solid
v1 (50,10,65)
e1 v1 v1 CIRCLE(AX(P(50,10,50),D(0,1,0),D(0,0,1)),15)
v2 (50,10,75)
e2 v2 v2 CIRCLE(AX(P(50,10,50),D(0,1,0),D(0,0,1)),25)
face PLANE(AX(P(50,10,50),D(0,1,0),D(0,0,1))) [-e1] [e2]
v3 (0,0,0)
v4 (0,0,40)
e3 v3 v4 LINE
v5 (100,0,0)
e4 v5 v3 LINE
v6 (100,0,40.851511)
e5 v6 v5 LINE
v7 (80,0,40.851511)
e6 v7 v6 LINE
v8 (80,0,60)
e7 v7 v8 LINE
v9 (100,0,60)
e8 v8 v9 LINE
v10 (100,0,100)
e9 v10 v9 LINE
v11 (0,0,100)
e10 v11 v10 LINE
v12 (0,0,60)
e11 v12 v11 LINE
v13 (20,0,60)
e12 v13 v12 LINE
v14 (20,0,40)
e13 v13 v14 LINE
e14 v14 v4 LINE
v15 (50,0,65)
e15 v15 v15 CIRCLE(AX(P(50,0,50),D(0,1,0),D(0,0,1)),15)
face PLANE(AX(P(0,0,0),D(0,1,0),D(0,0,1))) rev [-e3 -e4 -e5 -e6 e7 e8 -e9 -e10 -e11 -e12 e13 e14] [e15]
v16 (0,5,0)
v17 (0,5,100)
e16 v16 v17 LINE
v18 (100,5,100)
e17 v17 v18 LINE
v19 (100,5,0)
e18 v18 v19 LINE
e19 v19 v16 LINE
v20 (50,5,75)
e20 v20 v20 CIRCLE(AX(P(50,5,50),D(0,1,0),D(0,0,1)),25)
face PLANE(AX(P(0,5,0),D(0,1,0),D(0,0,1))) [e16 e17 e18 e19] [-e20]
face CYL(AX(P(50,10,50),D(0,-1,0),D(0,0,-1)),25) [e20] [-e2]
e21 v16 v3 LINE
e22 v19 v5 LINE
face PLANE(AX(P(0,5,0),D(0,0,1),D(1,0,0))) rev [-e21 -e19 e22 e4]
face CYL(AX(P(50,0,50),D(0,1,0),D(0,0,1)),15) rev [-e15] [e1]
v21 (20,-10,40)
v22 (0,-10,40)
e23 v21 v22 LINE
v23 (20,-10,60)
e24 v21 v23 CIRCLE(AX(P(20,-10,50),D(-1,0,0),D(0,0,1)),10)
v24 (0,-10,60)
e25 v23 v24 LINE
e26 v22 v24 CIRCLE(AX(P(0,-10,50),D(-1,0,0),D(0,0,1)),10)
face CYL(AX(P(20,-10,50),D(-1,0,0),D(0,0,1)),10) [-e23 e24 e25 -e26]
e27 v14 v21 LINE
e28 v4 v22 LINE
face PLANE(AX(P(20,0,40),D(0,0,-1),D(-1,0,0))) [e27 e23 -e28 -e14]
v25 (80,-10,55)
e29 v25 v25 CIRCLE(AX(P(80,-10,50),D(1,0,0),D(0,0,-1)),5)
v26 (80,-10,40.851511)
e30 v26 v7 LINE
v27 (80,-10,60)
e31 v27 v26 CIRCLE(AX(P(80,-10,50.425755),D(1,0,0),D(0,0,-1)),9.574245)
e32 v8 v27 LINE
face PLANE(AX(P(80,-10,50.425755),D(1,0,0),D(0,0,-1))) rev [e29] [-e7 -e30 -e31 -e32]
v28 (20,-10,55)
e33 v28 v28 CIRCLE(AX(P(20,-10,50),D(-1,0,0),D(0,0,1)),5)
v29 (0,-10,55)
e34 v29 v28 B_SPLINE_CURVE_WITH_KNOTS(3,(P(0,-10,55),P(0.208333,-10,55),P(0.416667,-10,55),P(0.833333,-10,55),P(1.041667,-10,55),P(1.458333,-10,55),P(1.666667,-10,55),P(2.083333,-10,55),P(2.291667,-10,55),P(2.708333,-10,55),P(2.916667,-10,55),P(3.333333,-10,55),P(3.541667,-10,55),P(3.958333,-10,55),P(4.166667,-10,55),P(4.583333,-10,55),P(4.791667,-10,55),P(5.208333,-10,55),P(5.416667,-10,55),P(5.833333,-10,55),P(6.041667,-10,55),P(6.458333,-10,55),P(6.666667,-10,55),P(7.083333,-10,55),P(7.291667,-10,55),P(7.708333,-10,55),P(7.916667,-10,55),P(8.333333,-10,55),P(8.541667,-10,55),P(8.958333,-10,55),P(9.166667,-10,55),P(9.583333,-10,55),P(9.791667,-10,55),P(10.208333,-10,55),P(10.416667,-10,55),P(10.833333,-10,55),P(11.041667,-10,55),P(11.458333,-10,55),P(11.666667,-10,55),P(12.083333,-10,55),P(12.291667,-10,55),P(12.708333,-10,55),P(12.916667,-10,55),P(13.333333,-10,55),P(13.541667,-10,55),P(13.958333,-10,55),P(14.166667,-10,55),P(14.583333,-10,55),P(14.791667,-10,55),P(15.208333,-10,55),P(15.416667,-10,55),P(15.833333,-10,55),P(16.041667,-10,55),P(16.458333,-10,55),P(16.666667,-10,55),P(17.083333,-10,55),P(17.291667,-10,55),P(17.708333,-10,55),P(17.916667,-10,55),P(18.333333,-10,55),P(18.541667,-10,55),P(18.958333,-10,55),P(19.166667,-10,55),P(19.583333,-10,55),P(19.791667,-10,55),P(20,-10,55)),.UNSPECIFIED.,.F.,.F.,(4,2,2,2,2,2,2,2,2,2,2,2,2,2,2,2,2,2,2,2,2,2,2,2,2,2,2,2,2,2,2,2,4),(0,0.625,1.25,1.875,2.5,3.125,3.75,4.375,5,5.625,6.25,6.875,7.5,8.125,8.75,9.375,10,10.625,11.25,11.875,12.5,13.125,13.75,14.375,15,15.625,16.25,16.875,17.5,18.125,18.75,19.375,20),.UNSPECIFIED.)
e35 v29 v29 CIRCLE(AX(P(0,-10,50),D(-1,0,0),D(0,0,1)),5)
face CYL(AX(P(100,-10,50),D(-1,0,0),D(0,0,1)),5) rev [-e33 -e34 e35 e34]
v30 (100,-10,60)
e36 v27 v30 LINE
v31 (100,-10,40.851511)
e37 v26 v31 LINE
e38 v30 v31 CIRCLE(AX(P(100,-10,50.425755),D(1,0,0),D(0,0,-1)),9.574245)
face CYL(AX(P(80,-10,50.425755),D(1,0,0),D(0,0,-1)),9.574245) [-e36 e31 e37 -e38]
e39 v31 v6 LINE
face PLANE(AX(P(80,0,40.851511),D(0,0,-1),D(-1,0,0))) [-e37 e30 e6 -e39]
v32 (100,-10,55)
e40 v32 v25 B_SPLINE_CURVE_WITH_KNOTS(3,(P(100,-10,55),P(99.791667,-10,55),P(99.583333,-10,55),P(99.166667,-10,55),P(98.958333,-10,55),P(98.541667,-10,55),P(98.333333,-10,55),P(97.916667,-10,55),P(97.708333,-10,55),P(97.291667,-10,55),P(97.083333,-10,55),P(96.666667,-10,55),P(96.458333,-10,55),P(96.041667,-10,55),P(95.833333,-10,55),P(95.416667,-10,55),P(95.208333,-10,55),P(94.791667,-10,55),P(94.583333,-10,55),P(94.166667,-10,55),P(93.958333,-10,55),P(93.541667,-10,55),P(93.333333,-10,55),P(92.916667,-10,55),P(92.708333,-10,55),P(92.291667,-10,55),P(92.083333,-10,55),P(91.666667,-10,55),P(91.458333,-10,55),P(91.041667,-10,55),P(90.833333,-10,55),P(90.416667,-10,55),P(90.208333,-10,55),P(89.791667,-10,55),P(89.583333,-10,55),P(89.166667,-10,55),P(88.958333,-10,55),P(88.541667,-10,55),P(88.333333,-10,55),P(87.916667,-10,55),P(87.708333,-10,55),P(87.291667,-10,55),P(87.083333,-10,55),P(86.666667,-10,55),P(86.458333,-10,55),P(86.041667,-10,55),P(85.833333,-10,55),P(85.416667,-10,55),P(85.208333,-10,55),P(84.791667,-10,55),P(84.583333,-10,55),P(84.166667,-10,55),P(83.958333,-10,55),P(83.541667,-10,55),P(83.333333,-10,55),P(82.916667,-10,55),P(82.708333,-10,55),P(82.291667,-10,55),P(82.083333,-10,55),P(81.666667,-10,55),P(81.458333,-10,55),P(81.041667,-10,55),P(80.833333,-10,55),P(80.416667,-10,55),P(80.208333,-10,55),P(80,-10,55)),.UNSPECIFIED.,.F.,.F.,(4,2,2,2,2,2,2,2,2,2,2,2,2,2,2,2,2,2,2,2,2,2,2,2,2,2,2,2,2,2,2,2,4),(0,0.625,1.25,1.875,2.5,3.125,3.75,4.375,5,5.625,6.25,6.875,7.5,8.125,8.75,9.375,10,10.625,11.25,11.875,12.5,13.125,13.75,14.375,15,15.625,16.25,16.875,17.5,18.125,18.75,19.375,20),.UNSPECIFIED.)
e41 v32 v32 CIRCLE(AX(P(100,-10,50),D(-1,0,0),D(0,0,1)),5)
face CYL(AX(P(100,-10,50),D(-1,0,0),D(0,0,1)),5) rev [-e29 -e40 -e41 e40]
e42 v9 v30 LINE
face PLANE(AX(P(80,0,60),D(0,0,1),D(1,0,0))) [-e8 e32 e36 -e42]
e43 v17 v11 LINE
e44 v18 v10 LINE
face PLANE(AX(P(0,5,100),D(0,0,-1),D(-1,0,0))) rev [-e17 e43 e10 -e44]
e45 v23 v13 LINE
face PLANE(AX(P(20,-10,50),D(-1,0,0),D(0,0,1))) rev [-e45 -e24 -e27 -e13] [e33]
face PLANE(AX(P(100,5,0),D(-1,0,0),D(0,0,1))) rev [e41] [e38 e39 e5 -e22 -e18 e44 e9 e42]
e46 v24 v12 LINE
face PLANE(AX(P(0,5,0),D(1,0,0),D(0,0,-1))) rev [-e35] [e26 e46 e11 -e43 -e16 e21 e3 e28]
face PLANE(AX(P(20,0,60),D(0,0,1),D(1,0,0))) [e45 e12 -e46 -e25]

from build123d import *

# Parameters (mm, degrees)
SKETCH_1_W          = 100
SKETCH_1_H          = 100
EXTRUDE_1_DEPTH     = 5
SKETCH_2_R          = 25
EXTRUDE_2_DEPTH     = 5
SKETCH_3_R          = 15
CUT_EXTRUDE_1_DEPTH = 10
EXTRUDE_3_DEPTH     = 20
EXTRUDE_4_DEPTH     = 20
SKETCH_6_R          = 5
CUT_EXTRUDE_2_DEPTH = 100


with BuildPart() as part:
    # 草图1 → 凸台-拉伸1 (new body)
    with BuildSketch(Plane(origin=(0, 0, 0), x_dir=(1, 0, 0), z_dir=(0, 1, 0))):
        with Locations((50, -50)):
            Rectangle(SKETCH_1_W, SKETCH_1_H)
    extrude(amount=EXTRUDE_1_DEPTH)

    # 草图2 → 凸台-拉伸2 (add)
    with BuildSketch(Plane(origin=(0, 5, 0), x_dir=(1, 0, 0), z_dir=(0, 1, 0))):
        with Locations(Location((50, -50, 0), (0, 0, 270))):
            Circle(SKETCH_2_R)
    extrude(amount=EXTRUDE_2_DEPTH)

    # 草图3 → 切除-拉伸1 (cut)
    with BuildSketch(Plane(origin=(0, 10, 0), x_dir=(1, 0, 0), z_dir=(0, 1, 0))):
        with Locations(Location((50, -50, 0), (0, 0, 270))):
            Circle(SKETCH_3_R)
    extrude(amount=-CUT_EXTRUDE_1_DEPTH, mode=Mode.SUBTRACT)

    # 草图4 → 凸台-拉伸3 (add)
    with BuildSketch(Plane(origin=(100, 0, 0), x_dir=(0, 0, -1), z_dir=(1, 0, 0))):
        with BuildLine():
            Line((-60, 0), (-40.851510599, 0))
            Line((-40.851510599, 0), (-40.851510599, -10))
            ThreePointArc((-40.851510599, -10), (-50.4257553, -19.5742447), (-60, -10))
            Line((-60, -10), (-60, 0))
        make_face()
    extrude(amount=-EXTRUDE_3_DEPTH)

    # 草图5 → 凸台-拉伸4 (add)
    with BuildSketch(Plane.ZY):
        with BuildLine():
            Line((40, 0), (60, 0))
            Line((60, 0), (60, -10))
            ThreePointArc((60, -10), (50, -20), (40, -10))
            Line((40, -10), (40, 0))
        make_face()
    extrude(amount=-EXTRUDE_4_DEPTH)

    # 草图6 → 切除-拉伸2 (cut)
    with BuildSketch(Plane.ZY):
        with Locations((50, -10)):
            Circle(SKETCH_6_R)
    extrude(amount=-CUT_EXTRUDE_2_DEPTH, mode=Mode.SUBTRACT)


solid = part.part
